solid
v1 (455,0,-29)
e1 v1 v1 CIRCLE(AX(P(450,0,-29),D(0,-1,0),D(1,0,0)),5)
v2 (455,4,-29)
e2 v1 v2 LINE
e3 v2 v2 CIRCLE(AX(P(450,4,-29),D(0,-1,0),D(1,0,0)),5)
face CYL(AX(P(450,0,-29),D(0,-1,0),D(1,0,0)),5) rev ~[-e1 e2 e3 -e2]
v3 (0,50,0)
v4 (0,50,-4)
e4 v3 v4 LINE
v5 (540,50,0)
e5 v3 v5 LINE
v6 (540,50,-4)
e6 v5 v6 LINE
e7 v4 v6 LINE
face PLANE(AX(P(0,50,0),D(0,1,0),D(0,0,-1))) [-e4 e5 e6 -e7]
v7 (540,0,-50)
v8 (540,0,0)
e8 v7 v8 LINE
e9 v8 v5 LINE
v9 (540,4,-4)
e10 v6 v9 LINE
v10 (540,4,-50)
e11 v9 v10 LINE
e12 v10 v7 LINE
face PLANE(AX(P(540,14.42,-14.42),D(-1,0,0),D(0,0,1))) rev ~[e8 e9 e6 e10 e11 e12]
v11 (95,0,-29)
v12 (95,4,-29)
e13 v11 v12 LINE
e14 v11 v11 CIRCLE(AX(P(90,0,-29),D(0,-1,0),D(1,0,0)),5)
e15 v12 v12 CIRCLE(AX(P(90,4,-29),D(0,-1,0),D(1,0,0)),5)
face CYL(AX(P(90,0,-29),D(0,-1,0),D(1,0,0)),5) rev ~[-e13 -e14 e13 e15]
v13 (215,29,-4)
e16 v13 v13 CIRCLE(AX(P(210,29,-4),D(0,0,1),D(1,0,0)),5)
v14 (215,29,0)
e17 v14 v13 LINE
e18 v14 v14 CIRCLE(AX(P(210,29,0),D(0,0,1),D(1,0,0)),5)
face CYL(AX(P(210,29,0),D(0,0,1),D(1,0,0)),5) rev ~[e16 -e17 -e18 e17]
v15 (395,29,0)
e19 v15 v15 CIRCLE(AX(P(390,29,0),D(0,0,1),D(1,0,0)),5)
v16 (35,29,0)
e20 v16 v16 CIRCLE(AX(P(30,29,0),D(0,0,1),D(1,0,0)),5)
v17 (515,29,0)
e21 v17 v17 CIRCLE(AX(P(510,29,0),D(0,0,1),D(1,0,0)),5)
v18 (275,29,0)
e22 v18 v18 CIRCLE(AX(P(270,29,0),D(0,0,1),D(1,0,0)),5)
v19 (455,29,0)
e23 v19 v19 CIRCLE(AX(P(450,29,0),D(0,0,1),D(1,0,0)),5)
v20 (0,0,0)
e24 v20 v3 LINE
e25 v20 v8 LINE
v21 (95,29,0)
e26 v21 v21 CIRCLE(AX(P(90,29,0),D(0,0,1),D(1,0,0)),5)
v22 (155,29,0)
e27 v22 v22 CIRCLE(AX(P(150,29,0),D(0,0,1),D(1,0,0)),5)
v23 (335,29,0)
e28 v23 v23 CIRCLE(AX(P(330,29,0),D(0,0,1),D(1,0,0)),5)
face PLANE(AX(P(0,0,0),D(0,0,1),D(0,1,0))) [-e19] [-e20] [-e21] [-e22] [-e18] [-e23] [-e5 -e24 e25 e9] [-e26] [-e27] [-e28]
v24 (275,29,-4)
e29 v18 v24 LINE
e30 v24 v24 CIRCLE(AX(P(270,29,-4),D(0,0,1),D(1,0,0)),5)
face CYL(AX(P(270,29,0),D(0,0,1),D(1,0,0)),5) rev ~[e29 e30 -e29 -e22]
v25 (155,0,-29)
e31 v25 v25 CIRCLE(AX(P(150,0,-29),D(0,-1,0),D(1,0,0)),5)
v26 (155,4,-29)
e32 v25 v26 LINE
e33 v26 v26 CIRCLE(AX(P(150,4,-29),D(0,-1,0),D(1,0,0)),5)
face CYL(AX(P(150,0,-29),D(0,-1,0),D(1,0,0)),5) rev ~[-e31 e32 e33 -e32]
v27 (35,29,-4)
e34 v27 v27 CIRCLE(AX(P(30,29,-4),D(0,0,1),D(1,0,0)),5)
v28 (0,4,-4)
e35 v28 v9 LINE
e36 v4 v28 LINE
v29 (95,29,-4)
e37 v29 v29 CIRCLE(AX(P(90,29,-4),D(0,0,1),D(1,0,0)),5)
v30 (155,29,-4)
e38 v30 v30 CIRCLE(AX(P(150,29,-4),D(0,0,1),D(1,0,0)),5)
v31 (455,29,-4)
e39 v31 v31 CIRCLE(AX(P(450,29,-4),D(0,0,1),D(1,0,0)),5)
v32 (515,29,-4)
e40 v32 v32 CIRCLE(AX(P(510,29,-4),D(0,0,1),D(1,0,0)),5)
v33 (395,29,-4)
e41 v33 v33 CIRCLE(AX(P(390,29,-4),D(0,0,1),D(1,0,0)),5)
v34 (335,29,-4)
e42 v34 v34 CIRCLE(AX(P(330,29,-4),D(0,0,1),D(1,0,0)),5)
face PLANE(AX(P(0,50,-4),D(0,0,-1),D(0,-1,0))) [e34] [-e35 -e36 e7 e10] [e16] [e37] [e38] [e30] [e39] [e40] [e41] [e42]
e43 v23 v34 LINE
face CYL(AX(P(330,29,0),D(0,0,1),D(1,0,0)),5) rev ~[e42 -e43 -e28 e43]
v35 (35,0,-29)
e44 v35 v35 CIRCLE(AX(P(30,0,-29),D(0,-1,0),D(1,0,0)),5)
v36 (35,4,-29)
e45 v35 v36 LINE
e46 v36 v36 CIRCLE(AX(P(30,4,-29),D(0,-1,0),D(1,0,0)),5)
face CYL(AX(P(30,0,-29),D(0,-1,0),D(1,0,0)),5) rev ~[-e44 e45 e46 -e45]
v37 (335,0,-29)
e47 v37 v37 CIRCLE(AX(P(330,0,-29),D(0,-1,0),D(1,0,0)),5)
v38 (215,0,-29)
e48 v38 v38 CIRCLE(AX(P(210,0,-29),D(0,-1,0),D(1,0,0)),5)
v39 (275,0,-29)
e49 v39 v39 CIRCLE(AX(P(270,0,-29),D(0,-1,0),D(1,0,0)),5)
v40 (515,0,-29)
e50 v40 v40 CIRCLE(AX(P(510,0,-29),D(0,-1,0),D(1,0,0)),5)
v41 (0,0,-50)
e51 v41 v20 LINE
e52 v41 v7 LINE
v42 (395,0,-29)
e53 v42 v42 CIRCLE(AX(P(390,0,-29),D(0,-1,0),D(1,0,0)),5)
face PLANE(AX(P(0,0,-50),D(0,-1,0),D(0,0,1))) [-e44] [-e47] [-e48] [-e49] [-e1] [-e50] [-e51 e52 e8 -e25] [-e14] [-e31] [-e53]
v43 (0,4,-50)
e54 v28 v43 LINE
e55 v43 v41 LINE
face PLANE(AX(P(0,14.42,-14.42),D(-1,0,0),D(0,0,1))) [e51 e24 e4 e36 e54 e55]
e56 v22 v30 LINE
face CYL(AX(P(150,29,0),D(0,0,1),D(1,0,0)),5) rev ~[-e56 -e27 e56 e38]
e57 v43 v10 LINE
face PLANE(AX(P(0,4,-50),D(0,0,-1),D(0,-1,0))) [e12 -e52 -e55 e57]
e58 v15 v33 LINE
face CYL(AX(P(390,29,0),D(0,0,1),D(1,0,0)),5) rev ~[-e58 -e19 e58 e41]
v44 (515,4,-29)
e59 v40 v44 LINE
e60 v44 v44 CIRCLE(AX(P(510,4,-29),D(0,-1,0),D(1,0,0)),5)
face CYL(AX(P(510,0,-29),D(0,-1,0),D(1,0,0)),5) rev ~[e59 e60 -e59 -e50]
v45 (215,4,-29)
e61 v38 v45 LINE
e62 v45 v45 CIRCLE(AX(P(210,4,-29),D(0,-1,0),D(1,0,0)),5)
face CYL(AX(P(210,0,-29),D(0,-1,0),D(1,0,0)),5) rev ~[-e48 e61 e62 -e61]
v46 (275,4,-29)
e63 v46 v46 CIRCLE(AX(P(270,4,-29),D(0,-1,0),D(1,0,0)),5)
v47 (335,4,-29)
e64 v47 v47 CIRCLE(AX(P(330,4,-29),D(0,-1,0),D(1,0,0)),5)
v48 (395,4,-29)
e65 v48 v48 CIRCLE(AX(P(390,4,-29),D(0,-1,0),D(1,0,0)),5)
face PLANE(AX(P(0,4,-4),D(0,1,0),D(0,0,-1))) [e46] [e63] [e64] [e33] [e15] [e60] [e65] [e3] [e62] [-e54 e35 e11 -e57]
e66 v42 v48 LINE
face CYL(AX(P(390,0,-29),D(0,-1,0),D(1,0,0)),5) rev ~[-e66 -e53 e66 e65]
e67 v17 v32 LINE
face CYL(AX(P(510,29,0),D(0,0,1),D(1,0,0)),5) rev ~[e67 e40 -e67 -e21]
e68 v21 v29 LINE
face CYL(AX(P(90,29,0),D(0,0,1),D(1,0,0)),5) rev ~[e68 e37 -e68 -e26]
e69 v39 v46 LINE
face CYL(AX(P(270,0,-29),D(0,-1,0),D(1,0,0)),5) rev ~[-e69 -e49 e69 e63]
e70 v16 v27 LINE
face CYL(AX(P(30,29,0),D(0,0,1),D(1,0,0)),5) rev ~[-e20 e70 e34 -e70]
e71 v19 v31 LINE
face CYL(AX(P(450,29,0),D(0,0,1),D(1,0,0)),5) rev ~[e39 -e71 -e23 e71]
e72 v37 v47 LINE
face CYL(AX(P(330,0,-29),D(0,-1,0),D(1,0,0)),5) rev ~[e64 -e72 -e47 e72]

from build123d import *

# Parameters (mm, degrees)
EXTRUDE_1_DEPTH     = 540
SKETCH_2_R          = 5
CUT_EXTRUDE_1_DEPTH = 51
SKETCH_3_R          = 5
CUT_EXTRUDE_2_DEPTH = 51


with BuildPart() as part:
    # Эскиз1 → Вытянуть-Тонкостенный1 (new body)
    with BuildSketch(Plane(origin=(0, 0, 0), x_dir=(0, 0, -1), z_dir=(1, 0, 0))):
        Polygon((50, 0), (0, 0), (0, 50), (4, 50), (4, 4), (50, 4), align=None)
    extrude(amount=EXTRUDE_1_DEPTH)

    # Эскиз2 → Вырез-Вытянуть1 (cut, through all)
    with BuildSketch(Plane.XY):
        with Locations((30, 29)):
            Circle(SKETCH_2_R)
        with Locations((90, 29)):
            Circle(SKETCH_2_R)
        with Locations((150, 29)):
            Circle(SKETCH_2_R)
        with Locations((210, 29)):
            Circle(SKETCH_2_R)
        with Locations((270, 29)):
            Circle(SKETCH_2_R)
        with Locations((330, 29)):
            Circle(SKETCH_2_R)
        with Locations((390, 29)):
            Circle(SKETCH_2_R)
        with Locations((450, 29)):
            Circle(SKETCH_2_R)
        with Locations((510, 29)):
            Circle(SKETCH_2_R)
    extrude(amount=-CUT_EXTRUDE_1_DEPTH, mode=Mode.SUBTRACT)

    # Эскиз3 → Вырез-Вытянуть2 (cut, through all)
    with BuildSketch(Plane.XZ):
        with Locations((30, -29)):
            Circle(SKETCH_3_R)
        with Locations((90, -29)):
            Circle(SKETCH_3_R)
        with Locations((150, -29)):
            Circle(SKETCH_3_R)
        with Locations((210, -29)):
            Circle(SKETCH_3_R)
        with Locations((270, -29)):
            Circle(SKETCH_3_R)
        with Locations((330, -29)):
            Circle(SKETCH_3_R)
        with Locations((390, -29)):
            Circle(SKETCH_3_R)
        with Locations((450, -29)):
            Circle(SKETCH_3_R)
        with Locations((510, -29)):
            Circle(SKETCH_3_R)
    extrude(amount=-CUT_EXTRUDE_2_DEPTH, mode=Mode.SUBTRACT)


solid = part.part
